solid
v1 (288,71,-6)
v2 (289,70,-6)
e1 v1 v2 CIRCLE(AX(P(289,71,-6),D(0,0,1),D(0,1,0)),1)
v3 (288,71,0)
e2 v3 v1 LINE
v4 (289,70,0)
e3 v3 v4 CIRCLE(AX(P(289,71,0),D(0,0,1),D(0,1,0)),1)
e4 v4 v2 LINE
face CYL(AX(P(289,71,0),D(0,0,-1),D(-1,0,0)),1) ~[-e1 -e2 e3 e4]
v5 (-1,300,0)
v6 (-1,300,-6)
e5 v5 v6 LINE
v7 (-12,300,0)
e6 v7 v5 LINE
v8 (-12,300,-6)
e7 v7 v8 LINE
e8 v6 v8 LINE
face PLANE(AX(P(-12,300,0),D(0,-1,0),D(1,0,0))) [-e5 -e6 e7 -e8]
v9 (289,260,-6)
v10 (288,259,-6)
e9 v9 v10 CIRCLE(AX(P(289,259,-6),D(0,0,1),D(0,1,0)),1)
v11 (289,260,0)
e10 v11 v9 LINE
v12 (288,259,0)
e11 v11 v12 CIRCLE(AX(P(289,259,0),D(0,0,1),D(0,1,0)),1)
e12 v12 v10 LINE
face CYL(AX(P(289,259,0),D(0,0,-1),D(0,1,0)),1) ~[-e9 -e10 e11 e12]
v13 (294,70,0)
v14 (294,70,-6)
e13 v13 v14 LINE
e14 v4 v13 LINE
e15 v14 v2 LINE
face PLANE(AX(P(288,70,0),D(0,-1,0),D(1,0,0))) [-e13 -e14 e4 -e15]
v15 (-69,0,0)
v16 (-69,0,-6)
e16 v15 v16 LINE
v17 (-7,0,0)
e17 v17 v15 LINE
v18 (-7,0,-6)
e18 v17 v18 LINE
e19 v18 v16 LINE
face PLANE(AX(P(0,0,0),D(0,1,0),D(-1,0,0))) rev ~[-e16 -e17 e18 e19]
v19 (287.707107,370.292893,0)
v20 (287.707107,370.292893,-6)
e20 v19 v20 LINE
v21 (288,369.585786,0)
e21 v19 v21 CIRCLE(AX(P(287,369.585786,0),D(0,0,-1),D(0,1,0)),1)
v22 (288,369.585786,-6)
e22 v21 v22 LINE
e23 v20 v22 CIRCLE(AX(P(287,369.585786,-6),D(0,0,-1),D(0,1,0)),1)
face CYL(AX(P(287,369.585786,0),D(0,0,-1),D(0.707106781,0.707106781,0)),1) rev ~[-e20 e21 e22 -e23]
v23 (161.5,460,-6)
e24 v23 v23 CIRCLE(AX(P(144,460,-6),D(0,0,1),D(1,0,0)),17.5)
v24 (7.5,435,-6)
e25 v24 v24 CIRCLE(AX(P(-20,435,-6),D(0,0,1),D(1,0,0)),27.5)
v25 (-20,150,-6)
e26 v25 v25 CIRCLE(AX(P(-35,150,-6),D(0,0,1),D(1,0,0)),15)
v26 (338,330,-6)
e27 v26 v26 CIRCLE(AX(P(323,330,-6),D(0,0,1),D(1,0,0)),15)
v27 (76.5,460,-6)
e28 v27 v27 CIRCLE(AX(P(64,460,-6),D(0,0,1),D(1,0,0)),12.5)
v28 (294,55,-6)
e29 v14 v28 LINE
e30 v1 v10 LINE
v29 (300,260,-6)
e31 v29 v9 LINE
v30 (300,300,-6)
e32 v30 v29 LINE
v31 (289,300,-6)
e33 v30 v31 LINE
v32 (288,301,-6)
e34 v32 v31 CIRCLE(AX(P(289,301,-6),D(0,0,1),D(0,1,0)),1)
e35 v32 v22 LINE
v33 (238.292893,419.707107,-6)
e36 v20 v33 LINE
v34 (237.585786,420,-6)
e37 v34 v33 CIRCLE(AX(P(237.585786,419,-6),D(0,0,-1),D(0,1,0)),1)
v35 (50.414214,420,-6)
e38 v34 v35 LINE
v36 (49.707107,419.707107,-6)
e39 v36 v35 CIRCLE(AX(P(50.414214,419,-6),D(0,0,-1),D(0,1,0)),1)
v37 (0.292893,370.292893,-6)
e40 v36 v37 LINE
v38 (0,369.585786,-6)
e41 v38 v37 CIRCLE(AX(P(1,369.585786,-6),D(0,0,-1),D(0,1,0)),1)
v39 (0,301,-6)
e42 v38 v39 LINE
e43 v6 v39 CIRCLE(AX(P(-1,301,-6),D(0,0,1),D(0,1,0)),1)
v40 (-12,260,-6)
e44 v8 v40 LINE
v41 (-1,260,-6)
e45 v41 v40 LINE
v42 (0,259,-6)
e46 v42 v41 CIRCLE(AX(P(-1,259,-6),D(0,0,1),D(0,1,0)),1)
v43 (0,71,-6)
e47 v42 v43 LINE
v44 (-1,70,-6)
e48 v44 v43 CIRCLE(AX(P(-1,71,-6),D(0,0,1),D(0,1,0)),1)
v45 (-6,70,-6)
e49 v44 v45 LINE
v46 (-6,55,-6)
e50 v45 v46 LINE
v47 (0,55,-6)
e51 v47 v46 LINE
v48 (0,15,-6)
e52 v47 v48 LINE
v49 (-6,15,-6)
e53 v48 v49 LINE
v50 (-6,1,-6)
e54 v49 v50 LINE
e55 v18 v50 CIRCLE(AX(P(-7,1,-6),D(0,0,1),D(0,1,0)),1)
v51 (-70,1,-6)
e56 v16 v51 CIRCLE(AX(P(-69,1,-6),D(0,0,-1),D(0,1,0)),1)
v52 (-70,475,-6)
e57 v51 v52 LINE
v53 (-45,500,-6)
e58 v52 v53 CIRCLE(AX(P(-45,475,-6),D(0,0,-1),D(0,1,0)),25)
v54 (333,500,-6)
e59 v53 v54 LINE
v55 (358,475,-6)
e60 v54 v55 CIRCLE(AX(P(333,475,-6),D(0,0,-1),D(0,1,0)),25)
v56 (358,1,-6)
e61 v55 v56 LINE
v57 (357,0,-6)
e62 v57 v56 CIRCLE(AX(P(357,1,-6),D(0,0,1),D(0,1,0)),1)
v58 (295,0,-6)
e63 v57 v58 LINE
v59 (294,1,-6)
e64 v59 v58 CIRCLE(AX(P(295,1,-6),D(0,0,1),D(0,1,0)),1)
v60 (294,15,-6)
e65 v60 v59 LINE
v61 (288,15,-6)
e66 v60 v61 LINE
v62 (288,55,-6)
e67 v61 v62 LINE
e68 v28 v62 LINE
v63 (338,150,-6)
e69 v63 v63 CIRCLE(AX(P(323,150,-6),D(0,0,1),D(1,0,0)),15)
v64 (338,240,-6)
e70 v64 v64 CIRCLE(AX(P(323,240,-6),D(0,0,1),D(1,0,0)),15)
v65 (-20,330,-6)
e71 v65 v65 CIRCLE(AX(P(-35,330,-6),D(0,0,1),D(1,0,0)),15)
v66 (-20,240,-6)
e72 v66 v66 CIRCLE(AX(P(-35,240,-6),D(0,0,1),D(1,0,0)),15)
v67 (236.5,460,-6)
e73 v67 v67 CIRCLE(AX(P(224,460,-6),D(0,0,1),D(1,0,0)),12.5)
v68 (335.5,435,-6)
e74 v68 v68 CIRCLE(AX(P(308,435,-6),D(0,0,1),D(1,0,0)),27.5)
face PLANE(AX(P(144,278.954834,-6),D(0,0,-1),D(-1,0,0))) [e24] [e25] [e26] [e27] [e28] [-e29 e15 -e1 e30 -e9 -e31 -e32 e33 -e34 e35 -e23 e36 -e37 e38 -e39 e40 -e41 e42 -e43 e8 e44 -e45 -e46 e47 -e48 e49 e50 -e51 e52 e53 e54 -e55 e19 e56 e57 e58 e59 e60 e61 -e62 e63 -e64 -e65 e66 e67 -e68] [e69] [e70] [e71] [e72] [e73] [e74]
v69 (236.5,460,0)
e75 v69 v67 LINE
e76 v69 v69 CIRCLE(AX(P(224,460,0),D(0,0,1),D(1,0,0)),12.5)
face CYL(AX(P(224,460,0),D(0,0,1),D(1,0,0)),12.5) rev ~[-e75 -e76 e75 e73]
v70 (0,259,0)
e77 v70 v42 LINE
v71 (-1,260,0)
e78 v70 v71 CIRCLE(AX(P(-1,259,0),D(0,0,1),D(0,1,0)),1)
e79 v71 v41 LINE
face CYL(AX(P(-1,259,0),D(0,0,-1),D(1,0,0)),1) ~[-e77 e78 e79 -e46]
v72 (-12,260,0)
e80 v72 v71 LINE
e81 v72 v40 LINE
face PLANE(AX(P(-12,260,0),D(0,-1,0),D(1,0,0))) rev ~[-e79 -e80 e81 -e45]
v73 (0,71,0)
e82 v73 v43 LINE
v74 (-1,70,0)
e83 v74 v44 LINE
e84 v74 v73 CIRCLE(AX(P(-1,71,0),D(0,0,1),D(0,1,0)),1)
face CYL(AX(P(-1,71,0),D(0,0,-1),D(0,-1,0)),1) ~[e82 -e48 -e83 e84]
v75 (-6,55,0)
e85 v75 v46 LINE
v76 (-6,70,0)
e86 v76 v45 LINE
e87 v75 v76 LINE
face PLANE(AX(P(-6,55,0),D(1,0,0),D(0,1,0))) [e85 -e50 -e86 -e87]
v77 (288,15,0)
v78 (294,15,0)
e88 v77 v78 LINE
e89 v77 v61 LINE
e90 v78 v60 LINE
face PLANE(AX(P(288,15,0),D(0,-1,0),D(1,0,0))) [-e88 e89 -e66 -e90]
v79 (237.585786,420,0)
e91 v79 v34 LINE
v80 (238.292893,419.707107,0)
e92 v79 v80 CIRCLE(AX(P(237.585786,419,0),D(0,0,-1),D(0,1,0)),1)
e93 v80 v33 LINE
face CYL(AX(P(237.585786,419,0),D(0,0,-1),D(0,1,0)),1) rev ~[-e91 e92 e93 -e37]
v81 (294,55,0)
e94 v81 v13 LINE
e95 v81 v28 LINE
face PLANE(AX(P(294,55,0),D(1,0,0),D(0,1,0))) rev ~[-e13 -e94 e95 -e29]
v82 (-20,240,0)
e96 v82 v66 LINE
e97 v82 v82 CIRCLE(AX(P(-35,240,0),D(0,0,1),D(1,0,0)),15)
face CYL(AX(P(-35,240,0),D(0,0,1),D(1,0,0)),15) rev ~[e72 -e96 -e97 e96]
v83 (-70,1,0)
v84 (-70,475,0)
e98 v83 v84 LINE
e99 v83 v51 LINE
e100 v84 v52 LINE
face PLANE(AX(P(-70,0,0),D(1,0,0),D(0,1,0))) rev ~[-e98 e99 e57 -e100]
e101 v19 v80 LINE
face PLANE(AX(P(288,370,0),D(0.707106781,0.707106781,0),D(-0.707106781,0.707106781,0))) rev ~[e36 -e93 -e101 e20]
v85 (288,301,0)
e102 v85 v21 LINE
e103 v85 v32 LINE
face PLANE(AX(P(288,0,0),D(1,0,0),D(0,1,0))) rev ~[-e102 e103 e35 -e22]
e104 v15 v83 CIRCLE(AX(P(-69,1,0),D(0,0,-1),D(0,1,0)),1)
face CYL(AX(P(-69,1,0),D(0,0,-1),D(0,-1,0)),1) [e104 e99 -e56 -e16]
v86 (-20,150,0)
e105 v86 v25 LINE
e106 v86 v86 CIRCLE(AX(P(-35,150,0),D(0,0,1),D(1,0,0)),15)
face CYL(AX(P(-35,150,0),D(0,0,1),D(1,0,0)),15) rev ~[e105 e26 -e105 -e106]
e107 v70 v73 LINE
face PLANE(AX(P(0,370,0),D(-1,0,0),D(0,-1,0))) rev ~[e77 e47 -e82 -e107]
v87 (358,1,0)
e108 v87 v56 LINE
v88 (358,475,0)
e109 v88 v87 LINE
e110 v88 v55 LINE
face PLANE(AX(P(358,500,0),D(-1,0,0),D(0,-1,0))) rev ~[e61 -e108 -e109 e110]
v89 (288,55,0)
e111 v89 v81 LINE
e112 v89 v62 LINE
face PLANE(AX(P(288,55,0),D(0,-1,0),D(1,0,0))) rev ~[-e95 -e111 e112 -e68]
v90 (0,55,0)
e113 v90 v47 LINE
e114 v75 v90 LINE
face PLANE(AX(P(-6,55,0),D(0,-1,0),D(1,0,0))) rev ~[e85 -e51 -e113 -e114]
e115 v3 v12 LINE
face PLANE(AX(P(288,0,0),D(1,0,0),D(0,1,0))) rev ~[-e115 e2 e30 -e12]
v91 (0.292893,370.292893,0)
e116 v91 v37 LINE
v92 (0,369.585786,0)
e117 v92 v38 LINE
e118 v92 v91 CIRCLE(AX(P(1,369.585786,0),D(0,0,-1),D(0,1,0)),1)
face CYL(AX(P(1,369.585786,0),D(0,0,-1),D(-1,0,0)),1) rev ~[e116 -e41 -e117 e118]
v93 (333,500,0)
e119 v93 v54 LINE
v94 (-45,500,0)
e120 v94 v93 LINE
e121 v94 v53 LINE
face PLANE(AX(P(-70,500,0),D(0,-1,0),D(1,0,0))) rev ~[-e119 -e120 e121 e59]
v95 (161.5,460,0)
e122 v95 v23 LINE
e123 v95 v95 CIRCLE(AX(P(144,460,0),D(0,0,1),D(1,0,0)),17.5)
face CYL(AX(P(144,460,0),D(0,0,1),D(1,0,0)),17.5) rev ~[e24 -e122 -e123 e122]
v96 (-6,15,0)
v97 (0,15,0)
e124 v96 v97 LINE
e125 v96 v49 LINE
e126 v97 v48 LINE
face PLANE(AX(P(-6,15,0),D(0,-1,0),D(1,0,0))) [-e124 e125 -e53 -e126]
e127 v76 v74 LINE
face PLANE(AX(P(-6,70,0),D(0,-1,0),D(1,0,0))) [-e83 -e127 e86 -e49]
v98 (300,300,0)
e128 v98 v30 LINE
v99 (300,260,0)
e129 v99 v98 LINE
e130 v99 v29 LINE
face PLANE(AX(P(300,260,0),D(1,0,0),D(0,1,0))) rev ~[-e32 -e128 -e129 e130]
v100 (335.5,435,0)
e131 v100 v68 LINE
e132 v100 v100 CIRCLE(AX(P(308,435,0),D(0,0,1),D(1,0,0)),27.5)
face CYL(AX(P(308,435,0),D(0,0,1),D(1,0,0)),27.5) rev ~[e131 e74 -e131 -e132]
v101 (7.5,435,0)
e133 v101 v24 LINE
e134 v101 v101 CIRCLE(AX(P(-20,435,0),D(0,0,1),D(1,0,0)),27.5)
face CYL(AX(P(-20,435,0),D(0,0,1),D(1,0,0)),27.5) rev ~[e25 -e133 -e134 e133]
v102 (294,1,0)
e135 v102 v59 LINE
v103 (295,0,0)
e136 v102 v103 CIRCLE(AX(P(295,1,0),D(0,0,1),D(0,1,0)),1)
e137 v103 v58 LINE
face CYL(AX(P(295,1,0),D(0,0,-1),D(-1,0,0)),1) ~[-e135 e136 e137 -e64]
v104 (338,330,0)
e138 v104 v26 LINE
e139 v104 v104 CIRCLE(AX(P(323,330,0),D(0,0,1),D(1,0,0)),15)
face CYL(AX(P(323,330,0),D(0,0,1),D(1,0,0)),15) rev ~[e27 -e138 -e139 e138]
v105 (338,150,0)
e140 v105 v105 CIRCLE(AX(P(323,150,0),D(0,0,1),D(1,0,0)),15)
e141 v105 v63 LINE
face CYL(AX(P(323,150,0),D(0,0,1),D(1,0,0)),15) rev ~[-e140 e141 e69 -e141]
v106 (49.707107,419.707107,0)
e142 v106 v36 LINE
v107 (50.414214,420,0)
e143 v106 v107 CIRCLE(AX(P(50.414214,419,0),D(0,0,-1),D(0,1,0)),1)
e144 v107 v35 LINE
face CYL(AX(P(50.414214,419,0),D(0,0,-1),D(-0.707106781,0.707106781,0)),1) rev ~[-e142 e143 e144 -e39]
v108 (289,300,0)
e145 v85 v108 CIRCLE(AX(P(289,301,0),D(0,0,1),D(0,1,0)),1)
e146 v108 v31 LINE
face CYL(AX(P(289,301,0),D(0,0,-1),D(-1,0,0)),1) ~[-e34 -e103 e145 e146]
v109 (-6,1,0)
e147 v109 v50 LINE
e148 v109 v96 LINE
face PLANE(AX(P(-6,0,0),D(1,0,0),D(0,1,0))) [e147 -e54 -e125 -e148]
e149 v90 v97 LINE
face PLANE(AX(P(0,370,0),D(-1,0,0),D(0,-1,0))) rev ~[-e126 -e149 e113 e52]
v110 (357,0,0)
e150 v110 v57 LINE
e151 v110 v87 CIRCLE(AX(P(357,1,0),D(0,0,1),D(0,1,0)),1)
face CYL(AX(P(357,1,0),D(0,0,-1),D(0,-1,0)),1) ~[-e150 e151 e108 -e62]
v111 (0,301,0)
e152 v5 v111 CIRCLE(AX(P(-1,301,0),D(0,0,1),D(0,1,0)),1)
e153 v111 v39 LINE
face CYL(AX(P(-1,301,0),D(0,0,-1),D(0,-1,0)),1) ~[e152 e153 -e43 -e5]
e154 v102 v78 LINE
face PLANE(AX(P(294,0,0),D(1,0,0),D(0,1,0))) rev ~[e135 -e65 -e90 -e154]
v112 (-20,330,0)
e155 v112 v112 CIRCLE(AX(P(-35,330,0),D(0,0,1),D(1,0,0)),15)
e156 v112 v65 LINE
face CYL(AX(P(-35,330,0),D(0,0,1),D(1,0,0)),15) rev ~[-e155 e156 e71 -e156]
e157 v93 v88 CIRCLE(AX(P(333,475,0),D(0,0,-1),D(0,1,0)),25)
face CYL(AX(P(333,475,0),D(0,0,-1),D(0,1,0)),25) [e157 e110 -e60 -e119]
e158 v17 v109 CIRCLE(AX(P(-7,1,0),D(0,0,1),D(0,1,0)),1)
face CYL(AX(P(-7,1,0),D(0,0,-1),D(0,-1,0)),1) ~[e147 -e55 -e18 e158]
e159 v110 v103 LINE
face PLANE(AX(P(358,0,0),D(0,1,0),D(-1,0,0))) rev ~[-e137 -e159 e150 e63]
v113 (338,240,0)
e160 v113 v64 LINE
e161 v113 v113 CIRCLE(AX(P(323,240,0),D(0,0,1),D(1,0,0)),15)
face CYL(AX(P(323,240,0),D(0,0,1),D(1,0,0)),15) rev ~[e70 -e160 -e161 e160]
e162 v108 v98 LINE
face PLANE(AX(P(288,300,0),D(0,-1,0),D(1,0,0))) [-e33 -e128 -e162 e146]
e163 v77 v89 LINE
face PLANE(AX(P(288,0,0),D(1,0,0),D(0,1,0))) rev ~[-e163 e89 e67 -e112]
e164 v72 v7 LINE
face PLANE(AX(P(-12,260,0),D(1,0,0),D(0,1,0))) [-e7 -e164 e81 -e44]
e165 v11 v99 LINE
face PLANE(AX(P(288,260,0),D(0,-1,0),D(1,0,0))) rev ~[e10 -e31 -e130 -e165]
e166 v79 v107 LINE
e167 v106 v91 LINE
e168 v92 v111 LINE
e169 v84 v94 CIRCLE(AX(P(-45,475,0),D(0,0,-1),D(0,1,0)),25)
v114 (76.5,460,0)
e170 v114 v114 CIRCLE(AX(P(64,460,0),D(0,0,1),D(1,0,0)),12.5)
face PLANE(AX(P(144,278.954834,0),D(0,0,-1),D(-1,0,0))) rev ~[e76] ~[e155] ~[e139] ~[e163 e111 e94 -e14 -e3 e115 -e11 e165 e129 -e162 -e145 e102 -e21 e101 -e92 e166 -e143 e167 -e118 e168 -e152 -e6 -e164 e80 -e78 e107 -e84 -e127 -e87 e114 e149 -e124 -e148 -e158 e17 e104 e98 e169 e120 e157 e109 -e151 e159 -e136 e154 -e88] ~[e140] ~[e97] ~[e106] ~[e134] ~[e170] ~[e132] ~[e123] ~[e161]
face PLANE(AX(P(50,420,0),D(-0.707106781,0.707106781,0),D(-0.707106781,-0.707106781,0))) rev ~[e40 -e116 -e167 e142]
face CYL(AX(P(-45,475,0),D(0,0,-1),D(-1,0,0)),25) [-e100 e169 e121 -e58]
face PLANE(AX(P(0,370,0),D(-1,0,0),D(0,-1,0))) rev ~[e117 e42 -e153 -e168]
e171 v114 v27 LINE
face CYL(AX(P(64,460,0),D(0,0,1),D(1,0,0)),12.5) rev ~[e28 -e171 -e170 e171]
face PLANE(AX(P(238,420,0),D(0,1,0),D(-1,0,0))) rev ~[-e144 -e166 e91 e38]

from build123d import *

# Parameters (mm, degrees)
TOWER_DEPTH = 6
SKETCH2_W   = 6
SKETCH2_H   = 15
SKETCH2_W_2 = 12
SKETCH2_H_2 = 40
MOUNT_DEPTH = 615.979674461
FILLET_2_R  = 1
SKETCH3_R   = 12.5
SKETCH3_R_2 = 17.5
SKETCH3_R_3 = 27.5
SKETCH3_R_4 = 15
LITE_DEPTH  = 615.979674461
FILLET2_R   = 25


with BuildPart() as part:
    # Sketch1 → tower (new body)
    with BuildSketch(Plane.XY):
        Polygon((0, 0), (-70, 0), (-70, 500), (358, 500), (358, 0), (288, 0), (288, 370), (238, 420), (50, 420), (0, 370), align=None)
    extrude(amount=-TOWER_DEPTH)

    # Sketch2 → mount (cut, through all)
    with BuildSketch(Plane.XY):
        with Locations((-3, 62.5)):
            Rectangle(SKETCH2_W, SKETCH2_H)
        with Locations((-3, 7.5)):
            Rectangle(SKETCH2_W, SKETCH2_H)
        with Locations((291, 7.5)):
            Rectangle(SKETCH2_W, SKETCH2_H)
        with Locations((291, 62.5)):
            Rectangle(SKETCH2_W, SKETCH2_H)
        with Locations((-6, 280)):
            Rectangle(SKETCH2_W_2, SKETCH2_H_2)
        with Locations((294, 280)):
            Rectangle(SKETCH2_W_2, SKETCH2_H_2)
    extrude(amount=-MOUNT_DEPTH, mode=Mode.SUBTRACT)

    # fillet 2
    fillet_2_edges = [part.edges().sort_by_distance(p)[0] for p in [
        (288, 300, -3),
        (288, 260, -3),
        (-70, 0, -3),
        (358, 0, -3),
        (288, 370, -3),
        (238, 420, -3),
        (50, 420, -3),
        (0, 370, -3),
        (0, 70, -3),
        (-6, 0, -3),
        (288, 70, -3),
        (294, 0, -3),
        (0, 260, -3),
        (0, 300, -3),
    ]]
    fillet(fillet_2_edges, radius=FILLET_2_R)

    # Sketch3 → lite (cut, through all)
    with BuildSketch(Plane.XY):
        with Locations((64, 460)):
            Circle(SKETCH3_R)
        with Locations((144, 460)):
            Circle(SKETCH3_R_2)
        with Locations((224, 460)):
            Circle(SKETCH3_R)
        with Locations((-20, 435)):
            Circle(SKETCH3_R_3)
        with Locations((308, 435)):
            Circle(SKETCH3_R_3)
        with Locations((-35, 330)):
            Circle(SKETCH3_R_4)
        with Locations((-35, 240)):
            Circle(SKETCH3_R_4)
        with Locations((-35, 150)):
            Circle(SKETCH3_R_4)
        with Locations((323, 330)):
            Circle(SKETCH3_R_4)
        with Locations((323, 240)):
            Circle(SKETCH3_R_4)
        with Locations((323, 150)):
            Circle(SKETCH3_R_4)
    extrude(amount=-LITE_DEPTH, mode=Mode.SUBTRACT)

    # fillet2
    fillet2_edges = [part.edges().sort_by_distance(p)[0] for p in [
        (-70, 500, -3),
        (358, 500, -3),
    ]]
    fillet(fillet2_edges, radius=FILLET2_R)


solid = part.part
